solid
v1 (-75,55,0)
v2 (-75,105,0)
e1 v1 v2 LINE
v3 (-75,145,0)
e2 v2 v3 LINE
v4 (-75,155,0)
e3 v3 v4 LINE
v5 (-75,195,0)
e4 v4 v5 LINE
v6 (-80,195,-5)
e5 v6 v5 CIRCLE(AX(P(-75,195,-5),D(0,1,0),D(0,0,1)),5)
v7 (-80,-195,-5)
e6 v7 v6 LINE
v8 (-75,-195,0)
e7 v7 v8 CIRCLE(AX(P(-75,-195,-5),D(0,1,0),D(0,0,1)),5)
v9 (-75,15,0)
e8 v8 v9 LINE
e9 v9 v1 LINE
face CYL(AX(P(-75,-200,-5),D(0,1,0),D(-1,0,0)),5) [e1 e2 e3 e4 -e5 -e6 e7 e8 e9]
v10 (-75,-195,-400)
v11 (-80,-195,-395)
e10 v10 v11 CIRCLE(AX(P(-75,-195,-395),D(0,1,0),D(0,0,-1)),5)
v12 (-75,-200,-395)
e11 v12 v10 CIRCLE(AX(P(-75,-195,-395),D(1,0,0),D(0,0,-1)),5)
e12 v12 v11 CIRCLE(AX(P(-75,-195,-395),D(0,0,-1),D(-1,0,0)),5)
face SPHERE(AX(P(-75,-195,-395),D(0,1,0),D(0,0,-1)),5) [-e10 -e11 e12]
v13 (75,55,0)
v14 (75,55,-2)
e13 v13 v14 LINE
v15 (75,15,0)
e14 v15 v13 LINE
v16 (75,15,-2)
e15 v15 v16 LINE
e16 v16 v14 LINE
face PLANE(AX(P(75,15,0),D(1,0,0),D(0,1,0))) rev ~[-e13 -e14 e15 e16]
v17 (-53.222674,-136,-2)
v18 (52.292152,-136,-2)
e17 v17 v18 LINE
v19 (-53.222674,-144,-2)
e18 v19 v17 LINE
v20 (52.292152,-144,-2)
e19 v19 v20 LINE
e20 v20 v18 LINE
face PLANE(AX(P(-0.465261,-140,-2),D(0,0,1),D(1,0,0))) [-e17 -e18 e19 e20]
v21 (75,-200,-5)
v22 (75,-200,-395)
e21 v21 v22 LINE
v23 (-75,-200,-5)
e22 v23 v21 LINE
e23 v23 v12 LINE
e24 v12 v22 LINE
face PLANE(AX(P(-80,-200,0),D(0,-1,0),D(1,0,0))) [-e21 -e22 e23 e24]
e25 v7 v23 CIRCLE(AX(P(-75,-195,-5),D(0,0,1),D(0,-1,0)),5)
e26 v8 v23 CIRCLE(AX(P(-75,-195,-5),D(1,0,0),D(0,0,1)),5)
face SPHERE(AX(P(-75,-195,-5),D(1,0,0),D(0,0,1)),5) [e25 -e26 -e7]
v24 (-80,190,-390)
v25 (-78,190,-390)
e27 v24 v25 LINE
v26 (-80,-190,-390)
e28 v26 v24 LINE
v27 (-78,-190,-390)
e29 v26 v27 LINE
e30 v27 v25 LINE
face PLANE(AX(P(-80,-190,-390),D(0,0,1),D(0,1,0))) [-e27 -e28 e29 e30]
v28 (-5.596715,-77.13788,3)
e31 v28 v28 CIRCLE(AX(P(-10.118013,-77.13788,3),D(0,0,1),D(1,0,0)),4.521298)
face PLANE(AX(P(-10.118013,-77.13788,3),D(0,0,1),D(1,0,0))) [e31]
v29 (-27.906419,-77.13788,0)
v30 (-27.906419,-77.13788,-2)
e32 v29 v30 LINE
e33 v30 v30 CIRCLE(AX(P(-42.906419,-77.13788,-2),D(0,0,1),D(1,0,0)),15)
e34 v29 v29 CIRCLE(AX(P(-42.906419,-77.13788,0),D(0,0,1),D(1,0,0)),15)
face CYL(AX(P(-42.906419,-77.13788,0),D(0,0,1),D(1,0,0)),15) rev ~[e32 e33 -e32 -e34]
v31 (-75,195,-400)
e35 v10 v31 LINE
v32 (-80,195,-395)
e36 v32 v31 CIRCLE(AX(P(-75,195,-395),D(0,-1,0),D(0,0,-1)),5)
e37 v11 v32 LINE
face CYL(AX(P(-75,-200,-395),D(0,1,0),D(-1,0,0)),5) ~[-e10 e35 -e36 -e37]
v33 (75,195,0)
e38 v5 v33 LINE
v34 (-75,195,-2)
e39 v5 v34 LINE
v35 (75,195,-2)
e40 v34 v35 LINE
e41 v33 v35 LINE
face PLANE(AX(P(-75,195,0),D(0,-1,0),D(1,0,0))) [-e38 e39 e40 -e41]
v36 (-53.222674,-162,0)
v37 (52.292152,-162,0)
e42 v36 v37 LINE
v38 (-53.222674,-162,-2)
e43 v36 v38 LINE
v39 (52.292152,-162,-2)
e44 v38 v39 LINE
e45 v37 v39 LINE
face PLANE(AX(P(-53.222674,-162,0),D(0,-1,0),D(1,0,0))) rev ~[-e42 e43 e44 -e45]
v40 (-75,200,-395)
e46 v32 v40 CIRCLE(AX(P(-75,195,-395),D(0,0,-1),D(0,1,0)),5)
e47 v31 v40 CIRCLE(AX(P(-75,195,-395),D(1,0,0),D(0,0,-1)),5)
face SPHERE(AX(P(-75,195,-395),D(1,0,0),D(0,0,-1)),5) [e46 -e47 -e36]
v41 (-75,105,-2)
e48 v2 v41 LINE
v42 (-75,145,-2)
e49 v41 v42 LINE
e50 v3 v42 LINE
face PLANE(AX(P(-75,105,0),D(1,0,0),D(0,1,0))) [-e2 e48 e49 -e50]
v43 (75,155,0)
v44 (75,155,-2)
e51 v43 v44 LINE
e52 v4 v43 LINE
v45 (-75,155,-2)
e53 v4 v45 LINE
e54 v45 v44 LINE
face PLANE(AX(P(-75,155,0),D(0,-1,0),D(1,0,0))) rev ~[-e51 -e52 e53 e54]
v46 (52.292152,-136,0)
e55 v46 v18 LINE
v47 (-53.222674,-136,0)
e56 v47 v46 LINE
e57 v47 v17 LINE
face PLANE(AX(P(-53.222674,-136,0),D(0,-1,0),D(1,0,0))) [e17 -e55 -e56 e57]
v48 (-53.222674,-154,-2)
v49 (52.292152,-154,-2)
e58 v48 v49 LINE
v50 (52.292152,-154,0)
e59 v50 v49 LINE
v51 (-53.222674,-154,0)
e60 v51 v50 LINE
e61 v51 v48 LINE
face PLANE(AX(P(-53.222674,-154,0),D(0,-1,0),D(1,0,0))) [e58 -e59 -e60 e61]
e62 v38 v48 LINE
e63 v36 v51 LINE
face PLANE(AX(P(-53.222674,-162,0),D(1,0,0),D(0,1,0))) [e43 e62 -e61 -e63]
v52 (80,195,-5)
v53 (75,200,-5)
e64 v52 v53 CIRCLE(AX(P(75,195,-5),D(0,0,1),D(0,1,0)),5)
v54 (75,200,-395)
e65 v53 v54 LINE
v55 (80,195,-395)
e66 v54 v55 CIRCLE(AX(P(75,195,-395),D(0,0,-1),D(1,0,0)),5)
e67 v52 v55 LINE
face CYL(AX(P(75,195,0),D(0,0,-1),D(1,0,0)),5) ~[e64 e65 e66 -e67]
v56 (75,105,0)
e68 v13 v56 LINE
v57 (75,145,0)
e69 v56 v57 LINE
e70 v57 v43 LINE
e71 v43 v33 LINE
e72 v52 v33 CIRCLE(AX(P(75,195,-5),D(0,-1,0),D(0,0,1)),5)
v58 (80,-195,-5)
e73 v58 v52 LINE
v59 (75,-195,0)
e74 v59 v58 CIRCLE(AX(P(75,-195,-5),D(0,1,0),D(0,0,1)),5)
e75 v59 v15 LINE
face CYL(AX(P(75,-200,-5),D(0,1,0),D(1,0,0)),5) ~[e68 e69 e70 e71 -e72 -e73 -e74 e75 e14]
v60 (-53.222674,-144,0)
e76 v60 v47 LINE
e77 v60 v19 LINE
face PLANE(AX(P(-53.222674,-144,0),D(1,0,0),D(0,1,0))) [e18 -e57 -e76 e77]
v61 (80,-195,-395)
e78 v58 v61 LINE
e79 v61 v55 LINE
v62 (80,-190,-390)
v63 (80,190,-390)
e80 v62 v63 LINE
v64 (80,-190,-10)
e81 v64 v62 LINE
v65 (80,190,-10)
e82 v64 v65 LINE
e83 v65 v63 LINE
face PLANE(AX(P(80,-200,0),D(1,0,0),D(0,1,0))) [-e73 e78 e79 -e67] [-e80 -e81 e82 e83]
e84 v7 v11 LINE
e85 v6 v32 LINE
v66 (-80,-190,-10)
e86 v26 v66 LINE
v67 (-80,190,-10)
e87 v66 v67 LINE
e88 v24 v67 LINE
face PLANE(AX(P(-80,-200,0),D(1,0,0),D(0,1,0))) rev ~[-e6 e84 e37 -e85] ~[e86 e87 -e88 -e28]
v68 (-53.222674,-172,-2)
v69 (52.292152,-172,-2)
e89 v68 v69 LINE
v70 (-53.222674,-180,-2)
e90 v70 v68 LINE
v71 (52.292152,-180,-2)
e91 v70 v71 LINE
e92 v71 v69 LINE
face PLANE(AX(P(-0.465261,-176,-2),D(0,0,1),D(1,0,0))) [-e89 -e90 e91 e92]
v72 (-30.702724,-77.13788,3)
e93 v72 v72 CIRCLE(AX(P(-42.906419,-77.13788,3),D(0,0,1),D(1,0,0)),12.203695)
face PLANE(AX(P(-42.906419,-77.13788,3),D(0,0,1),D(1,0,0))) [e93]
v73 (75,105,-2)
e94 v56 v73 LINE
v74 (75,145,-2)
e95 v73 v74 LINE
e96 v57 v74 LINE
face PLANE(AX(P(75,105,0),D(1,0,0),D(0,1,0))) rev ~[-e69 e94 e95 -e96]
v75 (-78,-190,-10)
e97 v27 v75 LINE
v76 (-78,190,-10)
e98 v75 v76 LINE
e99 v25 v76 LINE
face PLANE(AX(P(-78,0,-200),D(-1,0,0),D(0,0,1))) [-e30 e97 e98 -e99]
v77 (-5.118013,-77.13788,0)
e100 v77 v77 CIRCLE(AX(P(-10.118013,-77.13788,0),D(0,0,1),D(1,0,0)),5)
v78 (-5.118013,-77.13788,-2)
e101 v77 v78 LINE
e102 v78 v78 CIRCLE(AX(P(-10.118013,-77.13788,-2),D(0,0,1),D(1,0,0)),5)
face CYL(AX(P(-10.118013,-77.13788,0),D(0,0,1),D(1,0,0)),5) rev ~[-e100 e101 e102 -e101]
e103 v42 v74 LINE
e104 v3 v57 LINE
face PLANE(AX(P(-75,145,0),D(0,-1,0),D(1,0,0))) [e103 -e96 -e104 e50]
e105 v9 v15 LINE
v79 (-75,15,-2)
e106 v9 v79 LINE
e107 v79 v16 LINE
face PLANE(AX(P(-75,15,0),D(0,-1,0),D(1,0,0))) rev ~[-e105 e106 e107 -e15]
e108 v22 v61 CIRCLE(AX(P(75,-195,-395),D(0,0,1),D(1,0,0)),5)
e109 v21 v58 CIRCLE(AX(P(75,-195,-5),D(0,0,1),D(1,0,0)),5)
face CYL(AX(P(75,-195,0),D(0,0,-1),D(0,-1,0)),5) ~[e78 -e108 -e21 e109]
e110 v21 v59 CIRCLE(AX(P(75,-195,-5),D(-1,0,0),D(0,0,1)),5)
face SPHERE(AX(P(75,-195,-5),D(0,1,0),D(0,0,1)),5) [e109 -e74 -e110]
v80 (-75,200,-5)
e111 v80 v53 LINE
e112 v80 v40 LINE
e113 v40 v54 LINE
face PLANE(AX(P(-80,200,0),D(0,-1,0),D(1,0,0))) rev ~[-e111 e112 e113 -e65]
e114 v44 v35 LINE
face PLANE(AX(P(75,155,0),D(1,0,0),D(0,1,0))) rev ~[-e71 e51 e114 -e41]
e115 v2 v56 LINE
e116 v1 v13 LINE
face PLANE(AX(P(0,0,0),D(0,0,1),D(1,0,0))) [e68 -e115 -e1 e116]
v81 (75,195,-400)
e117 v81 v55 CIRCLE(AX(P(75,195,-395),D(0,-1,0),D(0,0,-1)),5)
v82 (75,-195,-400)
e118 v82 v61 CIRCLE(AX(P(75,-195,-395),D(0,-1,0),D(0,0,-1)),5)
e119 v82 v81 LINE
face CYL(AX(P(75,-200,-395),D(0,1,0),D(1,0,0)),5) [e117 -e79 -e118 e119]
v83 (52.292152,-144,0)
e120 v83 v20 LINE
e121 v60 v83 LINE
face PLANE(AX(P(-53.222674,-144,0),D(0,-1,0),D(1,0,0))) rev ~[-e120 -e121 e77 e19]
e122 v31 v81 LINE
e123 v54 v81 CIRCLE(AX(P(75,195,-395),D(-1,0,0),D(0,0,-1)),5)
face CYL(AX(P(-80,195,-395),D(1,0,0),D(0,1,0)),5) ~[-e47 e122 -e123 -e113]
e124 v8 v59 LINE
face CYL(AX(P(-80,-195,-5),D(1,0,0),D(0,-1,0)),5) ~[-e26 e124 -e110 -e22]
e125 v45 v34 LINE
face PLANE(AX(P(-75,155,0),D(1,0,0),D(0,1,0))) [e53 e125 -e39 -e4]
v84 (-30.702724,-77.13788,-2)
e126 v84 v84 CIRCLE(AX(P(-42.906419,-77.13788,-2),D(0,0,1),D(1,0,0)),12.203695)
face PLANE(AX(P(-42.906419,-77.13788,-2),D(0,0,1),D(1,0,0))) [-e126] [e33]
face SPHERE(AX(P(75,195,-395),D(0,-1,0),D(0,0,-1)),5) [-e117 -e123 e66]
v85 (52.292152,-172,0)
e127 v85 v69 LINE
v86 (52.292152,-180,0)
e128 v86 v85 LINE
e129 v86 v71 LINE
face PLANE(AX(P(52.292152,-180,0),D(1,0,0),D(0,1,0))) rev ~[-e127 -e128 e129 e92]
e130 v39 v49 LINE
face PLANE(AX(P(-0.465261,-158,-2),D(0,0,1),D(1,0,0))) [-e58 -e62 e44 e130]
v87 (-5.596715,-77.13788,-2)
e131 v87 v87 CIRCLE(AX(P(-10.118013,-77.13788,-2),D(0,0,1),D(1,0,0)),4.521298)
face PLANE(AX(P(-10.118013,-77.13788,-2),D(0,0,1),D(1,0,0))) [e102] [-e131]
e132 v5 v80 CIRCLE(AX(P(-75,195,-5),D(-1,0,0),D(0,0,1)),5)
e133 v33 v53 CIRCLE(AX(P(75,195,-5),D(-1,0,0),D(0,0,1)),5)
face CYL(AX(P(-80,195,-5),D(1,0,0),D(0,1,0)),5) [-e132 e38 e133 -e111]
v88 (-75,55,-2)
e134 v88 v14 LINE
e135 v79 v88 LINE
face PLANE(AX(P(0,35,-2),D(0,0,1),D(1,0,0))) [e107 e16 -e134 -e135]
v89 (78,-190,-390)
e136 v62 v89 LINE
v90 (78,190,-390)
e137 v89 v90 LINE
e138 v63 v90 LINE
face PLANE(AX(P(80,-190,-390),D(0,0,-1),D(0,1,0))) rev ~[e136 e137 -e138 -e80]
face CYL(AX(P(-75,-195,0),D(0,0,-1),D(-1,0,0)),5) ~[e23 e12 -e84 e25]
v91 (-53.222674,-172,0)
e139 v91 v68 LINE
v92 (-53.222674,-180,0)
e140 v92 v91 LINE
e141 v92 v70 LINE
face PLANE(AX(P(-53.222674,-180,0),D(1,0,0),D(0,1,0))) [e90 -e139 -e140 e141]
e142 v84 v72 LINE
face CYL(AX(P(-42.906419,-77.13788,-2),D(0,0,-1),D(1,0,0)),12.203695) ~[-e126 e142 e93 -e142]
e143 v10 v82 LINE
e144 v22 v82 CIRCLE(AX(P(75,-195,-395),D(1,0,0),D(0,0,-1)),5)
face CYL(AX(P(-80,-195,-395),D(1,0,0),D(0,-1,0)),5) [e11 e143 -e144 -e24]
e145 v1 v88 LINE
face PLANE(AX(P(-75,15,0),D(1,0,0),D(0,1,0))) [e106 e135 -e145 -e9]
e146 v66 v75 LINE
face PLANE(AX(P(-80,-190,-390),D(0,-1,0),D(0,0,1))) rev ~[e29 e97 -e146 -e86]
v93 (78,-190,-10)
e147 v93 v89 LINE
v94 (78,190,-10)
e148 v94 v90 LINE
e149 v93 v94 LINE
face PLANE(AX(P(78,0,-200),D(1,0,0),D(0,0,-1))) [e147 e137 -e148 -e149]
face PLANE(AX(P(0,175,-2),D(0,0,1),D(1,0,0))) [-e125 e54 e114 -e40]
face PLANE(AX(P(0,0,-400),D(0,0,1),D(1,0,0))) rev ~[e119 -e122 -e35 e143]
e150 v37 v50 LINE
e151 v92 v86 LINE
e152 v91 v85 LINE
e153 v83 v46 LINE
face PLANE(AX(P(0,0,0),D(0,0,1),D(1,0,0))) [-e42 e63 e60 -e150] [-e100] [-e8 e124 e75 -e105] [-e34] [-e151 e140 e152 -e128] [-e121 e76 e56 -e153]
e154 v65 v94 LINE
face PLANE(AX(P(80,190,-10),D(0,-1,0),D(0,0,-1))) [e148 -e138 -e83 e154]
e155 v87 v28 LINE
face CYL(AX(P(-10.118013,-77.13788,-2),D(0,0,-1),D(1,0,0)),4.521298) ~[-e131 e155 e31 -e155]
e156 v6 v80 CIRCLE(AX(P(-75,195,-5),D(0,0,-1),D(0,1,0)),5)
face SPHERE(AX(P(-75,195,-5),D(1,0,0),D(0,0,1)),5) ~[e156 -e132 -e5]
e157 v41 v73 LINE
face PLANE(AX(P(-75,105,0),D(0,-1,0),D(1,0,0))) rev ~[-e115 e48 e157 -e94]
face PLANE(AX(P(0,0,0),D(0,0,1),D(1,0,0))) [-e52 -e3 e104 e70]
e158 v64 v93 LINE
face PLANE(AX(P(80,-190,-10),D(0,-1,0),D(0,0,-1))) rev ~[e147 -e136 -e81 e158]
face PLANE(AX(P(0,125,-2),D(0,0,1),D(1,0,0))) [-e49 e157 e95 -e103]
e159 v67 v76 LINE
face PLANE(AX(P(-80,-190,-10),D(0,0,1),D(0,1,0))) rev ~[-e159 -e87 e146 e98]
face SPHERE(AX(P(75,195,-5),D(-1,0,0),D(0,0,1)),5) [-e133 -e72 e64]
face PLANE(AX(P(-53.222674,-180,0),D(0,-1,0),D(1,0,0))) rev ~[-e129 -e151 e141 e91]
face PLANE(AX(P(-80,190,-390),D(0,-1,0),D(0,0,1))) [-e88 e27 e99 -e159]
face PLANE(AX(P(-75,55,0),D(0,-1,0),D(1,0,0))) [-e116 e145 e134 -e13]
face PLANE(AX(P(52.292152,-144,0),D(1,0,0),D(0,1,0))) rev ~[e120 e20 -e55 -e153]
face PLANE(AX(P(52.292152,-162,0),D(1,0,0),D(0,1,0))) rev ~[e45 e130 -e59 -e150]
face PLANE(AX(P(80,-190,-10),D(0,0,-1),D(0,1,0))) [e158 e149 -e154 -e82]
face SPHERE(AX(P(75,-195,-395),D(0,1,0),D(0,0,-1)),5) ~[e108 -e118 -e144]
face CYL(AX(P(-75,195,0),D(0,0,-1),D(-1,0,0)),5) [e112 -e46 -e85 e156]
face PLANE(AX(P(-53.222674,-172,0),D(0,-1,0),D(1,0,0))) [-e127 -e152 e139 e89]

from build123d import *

# Parameters (mm, degrees)
CROQUIS1_W              = 160
CROQUIS1_H              = 400
SALIENTE_EXTRUIR1_DEPTH = 400
REDONDEO1_R             = 5
CROQUIS2_R              = 15
CROQUIS2_R_2            = 5
CROQUIS2_W              = 150
CROQUIS2_H              = 40
CROQUIS2_W_2            = 105.514825976
CROQUIS2_H_2            = 8
CORTAR_EXTRUIR1_DEPTH   = 2
CROQUIS3_R              = 12.203694642
CROQUIS3_R_2            = 4.521298069
SALIENTE_EXTRUIR2_DEPTH = 5
CROQUIS4_W              = 380
CROQUIS4_H              = 380
CORTAR_EXTRUIR2_DEPTH   = 2
CROQUIS5_W              = 380
CROQUIS5_H              = 380
CORTAR_EXTRUIR3_DEPTH   = 2


with BuildPart() as part:
    # Croquis1 → Saliente-Extruir1 (new body)
    with BuildSketch(Plane.XY):
        Rectangle(CROQUIS1_W, CROQUIS1_H)
    extrude(amount=-SALIENTE_EXTRUIR1_DEPTH)

    # Redondeo1
    redondeo1_edges = [part.edges().sort_by_distance(p)[0] for p in [
        (80, 0, -400),
        (0, 200, -400),
        (-80, 0, -400),
        (0, 200, 0),
        (80, 0, 0),
        (0, -200, 0),
        (-80, 0, 0),
        (0, -200, -400),
        (-80, 200, -200),
        (80, 200, -200),
        (80, -200, -200),
        (-80, -200, -200),
    ]]
    fillet(redondeo1_edges, radius=REDONDEO1_R)

    # Croquis2 → Cortar-Extruir1 (cut)
    with BuildSketch(Plane.XY):
        with Locations((-42.906419047, -77.137880051)):
            Circle(CROQUIS2_R)
        with Locations((-10.118013228, -77.137880051)):
            Circle(CROQUIS2_R_2)
        with Locations((0, 175)):
            Rectangle(CROQUIS2_W, CROQUIS2_H)
        with Locations((0, 125)):
            Rectangle(CROQUIS2_W, CROQUIS2_H)
        with Locations((0, 35)):
            Rectangle(CROQUIS2_W, CROQUIS2_H)
        with Locations((-0.46526055, -176)):
            Rectangle(CROQUIS2_W_2, CROQUIS2_H_2)
        with Locations((-0.46526055, -158)):
            Rectangle(CROQUIS2_W_2, CROQUIS2_H_2)
        with Locations((-0.46526055, -140)):
            Rectangle(CROQUIS2_W_2, CROQUIS2_H_2)
    extrude(amount=-CORTAR_EXTRUIR1_DEPTH, mode=Mode.SUBTRACT)

    # Croquis3 → Saliente-Extruir2 (add)
    with BuildSketch(Plane.XY.offset(-2)):
        with Locations((-42.906419047, -77.137880051)):
            Circle(CROQUIS3_R)
        with Locations((-10.118013228, -77.137880051)):
            Circle(CROQUIS3_R_2)
    extrude(amount=SALIENTE_EXTRUIR2_DEPTH)

    # Croquis4 → Cortar-Extruir2 (cut)
    with BuildSketch(Plane.ZY.offset(80)):
        with Locations((-200, 0)):
            Rectangle(CROQUIS4_W, CROQUIS4_H)
    extrude(amount=-CORTAR_EXTRUIR2_DEPTH, mode=Mode.SUBTRACT)

    # Croquis5 → Cortar-Extruir3 (cut)
    with BuildSketch(Plane(origin=(80, 0, 0), x_dir=(0, 0, -1), z_dir=(1, 0, 0))):
        with Locations((200, 0)):
            Rectangle(CROQUIS5_W, CROQUIS5_H)
    extrude(amount=-CORTAR_EXTRUIR3_DEPTH, mode=Mode.SUBTRACT)


solid = part.part
